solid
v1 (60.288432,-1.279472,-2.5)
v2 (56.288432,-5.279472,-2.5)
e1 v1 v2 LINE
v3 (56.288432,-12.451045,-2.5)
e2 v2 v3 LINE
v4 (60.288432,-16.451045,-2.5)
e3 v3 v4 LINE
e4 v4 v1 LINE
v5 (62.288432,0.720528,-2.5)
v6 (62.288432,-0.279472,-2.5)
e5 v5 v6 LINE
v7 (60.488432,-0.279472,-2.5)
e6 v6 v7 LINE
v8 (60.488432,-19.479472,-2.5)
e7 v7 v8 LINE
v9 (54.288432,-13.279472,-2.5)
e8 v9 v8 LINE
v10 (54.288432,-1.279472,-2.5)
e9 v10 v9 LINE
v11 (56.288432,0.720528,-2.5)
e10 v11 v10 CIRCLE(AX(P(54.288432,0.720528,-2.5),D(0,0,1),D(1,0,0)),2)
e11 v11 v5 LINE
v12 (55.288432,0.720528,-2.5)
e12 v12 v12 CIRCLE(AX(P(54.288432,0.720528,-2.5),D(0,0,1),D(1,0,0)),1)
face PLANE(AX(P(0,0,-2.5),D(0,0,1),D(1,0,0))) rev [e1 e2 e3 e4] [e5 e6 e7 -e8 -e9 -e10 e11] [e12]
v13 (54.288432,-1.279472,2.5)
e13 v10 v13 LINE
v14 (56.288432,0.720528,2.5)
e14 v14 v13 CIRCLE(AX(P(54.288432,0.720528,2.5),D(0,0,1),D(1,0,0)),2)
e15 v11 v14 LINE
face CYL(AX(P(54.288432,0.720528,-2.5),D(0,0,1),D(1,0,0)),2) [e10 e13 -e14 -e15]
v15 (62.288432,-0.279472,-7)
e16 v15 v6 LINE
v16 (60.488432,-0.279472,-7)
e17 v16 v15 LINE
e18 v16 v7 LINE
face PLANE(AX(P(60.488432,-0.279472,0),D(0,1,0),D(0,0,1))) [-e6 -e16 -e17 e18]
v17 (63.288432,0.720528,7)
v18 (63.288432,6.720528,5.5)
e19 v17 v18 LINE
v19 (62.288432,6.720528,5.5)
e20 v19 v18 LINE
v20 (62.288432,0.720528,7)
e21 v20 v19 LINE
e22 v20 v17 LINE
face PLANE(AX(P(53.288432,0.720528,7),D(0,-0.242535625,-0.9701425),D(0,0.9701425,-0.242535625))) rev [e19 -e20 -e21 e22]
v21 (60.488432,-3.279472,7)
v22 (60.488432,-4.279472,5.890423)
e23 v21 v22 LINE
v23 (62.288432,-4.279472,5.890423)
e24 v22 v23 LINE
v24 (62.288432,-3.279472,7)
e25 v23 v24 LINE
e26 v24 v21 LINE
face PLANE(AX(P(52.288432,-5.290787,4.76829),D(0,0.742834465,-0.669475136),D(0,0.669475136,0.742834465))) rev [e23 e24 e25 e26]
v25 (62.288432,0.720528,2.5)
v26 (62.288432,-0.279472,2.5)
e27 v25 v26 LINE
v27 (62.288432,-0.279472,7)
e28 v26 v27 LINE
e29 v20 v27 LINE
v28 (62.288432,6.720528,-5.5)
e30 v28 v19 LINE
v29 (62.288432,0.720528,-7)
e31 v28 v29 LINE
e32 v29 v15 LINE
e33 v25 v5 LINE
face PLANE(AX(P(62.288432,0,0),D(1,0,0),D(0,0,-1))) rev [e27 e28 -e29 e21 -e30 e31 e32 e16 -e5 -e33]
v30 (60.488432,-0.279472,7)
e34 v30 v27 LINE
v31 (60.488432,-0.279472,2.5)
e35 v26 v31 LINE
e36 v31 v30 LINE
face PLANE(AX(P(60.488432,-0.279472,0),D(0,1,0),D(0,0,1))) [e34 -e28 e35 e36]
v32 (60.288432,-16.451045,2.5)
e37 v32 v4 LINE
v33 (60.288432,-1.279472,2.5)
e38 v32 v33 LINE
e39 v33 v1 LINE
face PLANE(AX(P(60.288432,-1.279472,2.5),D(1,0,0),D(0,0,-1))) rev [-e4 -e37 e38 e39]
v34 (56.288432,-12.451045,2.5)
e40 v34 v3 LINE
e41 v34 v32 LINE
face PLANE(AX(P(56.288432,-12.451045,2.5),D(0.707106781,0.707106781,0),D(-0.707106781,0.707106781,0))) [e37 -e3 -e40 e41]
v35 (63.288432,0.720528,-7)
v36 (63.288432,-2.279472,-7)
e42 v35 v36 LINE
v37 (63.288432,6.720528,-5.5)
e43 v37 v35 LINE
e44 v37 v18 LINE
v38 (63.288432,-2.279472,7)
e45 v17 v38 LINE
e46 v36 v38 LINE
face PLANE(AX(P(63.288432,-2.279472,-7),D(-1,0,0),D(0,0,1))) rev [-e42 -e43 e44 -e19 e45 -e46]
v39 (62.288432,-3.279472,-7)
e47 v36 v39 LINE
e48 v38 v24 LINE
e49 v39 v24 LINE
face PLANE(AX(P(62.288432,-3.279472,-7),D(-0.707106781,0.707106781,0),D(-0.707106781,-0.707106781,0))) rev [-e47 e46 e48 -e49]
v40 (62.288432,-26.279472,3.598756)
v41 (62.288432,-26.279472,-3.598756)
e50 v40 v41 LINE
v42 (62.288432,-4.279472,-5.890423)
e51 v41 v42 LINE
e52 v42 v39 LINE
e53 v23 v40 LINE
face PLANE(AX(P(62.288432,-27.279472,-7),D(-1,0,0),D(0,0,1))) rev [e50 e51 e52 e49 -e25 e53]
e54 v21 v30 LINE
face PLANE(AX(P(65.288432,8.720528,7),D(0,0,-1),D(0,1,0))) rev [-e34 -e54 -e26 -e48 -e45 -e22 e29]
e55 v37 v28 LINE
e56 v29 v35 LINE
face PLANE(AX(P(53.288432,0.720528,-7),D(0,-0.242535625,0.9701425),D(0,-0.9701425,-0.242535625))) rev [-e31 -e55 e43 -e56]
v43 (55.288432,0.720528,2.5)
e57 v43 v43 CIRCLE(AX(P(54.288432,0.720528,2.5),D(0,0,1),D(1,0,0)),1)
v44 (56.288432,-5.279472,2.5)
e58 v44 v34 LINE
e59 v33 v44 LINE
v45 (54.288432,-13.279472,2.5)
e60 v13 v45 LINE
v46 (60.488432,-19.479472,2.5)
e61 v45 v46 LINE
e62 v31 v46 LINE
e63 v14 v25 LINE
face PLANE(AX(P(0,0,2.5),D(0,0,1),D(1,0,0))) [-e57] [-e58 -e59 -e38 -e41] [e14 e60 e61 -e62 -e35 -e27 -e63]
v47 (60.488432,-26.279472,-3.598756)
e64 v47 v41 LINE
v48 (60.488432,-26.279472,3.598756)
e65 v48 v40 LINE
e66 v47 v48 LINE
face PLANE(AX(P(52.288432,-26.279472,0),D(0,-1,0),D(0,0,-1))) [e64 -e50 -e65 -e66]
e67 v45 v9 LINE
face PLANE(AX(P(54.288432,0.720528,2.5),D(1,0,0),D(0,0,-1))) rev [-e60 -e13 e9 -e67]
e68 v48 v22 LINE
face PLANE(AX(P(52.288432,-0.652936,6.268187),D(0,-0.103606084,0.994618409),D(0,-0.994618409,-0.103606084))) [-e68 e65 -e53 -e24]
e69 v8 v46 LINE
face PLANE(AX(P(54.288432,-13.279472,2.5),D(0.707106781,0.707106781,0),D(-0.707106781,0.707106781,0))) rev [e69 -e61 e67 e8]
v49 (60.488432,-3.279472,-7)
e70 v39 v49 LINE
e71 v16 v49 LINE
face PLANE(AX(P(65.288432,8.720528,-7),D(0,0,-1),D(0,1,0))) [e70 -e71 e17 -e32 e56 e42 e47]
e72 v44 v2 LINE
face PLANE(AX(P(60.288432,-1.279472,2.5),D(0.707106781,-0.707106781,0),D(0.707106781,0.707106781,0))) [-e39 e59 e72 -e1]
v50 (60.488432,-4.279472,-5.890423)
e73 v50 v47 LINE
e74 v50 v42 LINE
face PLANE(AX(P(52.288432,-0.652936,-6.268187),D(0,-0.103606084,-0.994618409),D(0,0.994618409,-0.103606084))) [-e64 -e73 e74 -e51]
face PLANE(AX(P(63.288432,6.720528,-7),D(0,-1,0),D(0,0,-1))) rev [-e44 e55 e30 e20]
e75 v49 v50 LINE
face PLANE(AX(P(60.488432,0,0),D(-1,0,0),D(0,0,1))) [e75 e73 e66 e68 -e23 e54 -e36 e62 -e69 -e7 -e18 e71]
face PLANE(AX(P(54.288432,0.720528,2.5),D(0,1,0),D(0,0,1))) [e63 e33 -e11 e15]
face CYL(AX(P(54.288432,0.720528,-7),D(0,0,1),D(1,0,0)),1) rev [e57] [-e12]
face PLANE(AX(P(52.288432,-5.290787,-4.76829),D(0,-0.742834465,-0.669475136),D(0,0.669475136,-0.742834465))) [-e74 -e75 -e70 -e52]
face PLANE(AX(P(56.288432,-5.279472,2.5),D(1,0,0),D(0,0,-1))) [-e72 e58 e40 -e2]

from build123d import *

# Parameters (mm, degrees)
EXTRUDE_1_DEPTH          = 2.5
EXTRUDE_1_DEPTH_BACK     = 2.5
EXTRUDE_2_DEPTH          = 3
EXTRUDE_3_DEPTH          = 1.8
CUT_EXTRUDE_1_DEPTH      = 72.103790411
CUT_EXTRUDE_1_DEPTH_BACK = 72.103790411
CUT_EXTRUDE_2_DEPTH      = 30.885943266
CUT_EXTRUDE_3_DEPTH      = 10
SKETCH_8_R               = 1
CUT_EXTRUDE_4_DEPTH      = 70.182991672


with BuildPart() as part:
    # 草图1 → 凸台-拉伸1 (new, two sides: drawn at the far end of the back side and taken through both)
    with BuildSketch(Plane.XY.offset(-EXTRUDE_1_DEPTH_BACK)):
        with BuildLine():
            ThreePointArc((56.288432405, 0.720527774), (52.874218842, 2.134741337), (54.288432405, -1.279472226))
            Line((54.288432405, -1.279472226), (54.288432405, -13.279472226))
            Line((54.288432405, -13.279472226), (62.288432405, -21.279472226))
            Line((62.288432405, -21.279472226), (62.288432405, 0.720527774))
            Line((62.288432405, 0.720527774), (56.288432405, 0.720527774))
        make_face()
        Polygon((56.288432405, -12.451045101), (56.288432405, -5.279472226), (60.288432405, -1.279472226), (60.288432405, -16.451045101), align=None, mode=Mode.SUBTRACT)
    extrude(amount=EXTRUDE_1_DEPTH + EXTRUDE_1_DEPTH_BACK)

    # 草图2 → 凸台-拉伸2 (add)
    with BuildSketch(Plane(origin=(62.288432405, 0, 0), x_dir=(0, 0, -1), z_dir=(1, 0, 0))):
        Polygon((-7, -3.279472226), (-4.5, -27.279472226), (4.5, -27.279472226), (7, -3.279472226), (7, 8.720527774), (-7, 8.720527774), align=None)
    extrude(amount=EXTRUDE_2_DEPTH)

    # 草图4 → 凸台-拉伸3 (add)
    with BuildSketch(Plane.ZY.offset(-62.288432405)):
        Polygon((-7, -0.279472226), (-7, -3.279472226), (-4.5, -27.279472226), (4.5, -27.279472226), (7, -3.279472226), (7, -0.279472226), align=None)
    extrude(amount=EXTRUDE_3_DEPTH)

    # 草图5 → 切除-拉伸1 (cut, two sides: drawn at the far end of the back side and taken through both)
    with BuildSketch(Plane.XY.offset(-CUT_EXTRUDE_1_DEPTH_BACK)):
        Polygon((62.288432405, -27.279472226), (62.288432405, -3.279472226), (63.288432405, -2.279472226), (63.288432405, 6.720527774), (62.288432405, 6.720527774), (62.288432405, 8.720527774), (65.288432405, 8.720527774), (65.288432405, -27.279472226), align=None)
    extrude(amount=CUT_EXTRUDE_1_DEPTH + CUT_EXTRUDE_1_DEPTH_BACK, mode=Mode.SUBTRACT)

    # 草图6 → 切除-拉伸2 (cut, through all)
    with BuildSketch(Plane(origin=(62.288432405, 0, 0), x_dir=(0, 0, -1), z_dir=(1, 0, 0))):
        Polygon((-7, -3.279472226), (-4.5, -27.279472226), (4.5, -27.279472226), (7, -3.279472226), (5.890422624, -4.279472226), (3.598755957, -26.279472226), (-3.598755957, -26.279472226), (-5.890422624, -4.279472226), align=None)
    extrude(amount=-CUT_EXTRUDE_2_DEPTH, mode=Mode.SUBTRACT)

    # 草图7 → 切除-拉伸3 (cut)
    with BuildSketch(Plane(origin=(63.288432405, 0, 0), x_dir=(0, 0, -1), z_dir=(1, 0, 0))):
        Polygon((-7, 0.720527774), (-5.5, 6.720527774), (-7, 6.720527774), align=None)
        Polygon((5.5, 6.720527774), (7, 6.720527774), (7, 0.720527774), align=None)
    extrude(amount=-CUT_EXTRUDE_3_DEPTH, mode=Mode.SUBTRACT)

    # 草图8 → 切除-拉伸4 (cut, through all)
    with BuildSketch(Plane.XY.offset(2.5)):
        with Locations((54.288432405, 0.720527774)):
            Circle(SKETCH_8_R)
    extrude(amount=-CUT_EXTRUDE_4_DEPTH, mode=Mode.SUBTRACT)


solid = part.part
